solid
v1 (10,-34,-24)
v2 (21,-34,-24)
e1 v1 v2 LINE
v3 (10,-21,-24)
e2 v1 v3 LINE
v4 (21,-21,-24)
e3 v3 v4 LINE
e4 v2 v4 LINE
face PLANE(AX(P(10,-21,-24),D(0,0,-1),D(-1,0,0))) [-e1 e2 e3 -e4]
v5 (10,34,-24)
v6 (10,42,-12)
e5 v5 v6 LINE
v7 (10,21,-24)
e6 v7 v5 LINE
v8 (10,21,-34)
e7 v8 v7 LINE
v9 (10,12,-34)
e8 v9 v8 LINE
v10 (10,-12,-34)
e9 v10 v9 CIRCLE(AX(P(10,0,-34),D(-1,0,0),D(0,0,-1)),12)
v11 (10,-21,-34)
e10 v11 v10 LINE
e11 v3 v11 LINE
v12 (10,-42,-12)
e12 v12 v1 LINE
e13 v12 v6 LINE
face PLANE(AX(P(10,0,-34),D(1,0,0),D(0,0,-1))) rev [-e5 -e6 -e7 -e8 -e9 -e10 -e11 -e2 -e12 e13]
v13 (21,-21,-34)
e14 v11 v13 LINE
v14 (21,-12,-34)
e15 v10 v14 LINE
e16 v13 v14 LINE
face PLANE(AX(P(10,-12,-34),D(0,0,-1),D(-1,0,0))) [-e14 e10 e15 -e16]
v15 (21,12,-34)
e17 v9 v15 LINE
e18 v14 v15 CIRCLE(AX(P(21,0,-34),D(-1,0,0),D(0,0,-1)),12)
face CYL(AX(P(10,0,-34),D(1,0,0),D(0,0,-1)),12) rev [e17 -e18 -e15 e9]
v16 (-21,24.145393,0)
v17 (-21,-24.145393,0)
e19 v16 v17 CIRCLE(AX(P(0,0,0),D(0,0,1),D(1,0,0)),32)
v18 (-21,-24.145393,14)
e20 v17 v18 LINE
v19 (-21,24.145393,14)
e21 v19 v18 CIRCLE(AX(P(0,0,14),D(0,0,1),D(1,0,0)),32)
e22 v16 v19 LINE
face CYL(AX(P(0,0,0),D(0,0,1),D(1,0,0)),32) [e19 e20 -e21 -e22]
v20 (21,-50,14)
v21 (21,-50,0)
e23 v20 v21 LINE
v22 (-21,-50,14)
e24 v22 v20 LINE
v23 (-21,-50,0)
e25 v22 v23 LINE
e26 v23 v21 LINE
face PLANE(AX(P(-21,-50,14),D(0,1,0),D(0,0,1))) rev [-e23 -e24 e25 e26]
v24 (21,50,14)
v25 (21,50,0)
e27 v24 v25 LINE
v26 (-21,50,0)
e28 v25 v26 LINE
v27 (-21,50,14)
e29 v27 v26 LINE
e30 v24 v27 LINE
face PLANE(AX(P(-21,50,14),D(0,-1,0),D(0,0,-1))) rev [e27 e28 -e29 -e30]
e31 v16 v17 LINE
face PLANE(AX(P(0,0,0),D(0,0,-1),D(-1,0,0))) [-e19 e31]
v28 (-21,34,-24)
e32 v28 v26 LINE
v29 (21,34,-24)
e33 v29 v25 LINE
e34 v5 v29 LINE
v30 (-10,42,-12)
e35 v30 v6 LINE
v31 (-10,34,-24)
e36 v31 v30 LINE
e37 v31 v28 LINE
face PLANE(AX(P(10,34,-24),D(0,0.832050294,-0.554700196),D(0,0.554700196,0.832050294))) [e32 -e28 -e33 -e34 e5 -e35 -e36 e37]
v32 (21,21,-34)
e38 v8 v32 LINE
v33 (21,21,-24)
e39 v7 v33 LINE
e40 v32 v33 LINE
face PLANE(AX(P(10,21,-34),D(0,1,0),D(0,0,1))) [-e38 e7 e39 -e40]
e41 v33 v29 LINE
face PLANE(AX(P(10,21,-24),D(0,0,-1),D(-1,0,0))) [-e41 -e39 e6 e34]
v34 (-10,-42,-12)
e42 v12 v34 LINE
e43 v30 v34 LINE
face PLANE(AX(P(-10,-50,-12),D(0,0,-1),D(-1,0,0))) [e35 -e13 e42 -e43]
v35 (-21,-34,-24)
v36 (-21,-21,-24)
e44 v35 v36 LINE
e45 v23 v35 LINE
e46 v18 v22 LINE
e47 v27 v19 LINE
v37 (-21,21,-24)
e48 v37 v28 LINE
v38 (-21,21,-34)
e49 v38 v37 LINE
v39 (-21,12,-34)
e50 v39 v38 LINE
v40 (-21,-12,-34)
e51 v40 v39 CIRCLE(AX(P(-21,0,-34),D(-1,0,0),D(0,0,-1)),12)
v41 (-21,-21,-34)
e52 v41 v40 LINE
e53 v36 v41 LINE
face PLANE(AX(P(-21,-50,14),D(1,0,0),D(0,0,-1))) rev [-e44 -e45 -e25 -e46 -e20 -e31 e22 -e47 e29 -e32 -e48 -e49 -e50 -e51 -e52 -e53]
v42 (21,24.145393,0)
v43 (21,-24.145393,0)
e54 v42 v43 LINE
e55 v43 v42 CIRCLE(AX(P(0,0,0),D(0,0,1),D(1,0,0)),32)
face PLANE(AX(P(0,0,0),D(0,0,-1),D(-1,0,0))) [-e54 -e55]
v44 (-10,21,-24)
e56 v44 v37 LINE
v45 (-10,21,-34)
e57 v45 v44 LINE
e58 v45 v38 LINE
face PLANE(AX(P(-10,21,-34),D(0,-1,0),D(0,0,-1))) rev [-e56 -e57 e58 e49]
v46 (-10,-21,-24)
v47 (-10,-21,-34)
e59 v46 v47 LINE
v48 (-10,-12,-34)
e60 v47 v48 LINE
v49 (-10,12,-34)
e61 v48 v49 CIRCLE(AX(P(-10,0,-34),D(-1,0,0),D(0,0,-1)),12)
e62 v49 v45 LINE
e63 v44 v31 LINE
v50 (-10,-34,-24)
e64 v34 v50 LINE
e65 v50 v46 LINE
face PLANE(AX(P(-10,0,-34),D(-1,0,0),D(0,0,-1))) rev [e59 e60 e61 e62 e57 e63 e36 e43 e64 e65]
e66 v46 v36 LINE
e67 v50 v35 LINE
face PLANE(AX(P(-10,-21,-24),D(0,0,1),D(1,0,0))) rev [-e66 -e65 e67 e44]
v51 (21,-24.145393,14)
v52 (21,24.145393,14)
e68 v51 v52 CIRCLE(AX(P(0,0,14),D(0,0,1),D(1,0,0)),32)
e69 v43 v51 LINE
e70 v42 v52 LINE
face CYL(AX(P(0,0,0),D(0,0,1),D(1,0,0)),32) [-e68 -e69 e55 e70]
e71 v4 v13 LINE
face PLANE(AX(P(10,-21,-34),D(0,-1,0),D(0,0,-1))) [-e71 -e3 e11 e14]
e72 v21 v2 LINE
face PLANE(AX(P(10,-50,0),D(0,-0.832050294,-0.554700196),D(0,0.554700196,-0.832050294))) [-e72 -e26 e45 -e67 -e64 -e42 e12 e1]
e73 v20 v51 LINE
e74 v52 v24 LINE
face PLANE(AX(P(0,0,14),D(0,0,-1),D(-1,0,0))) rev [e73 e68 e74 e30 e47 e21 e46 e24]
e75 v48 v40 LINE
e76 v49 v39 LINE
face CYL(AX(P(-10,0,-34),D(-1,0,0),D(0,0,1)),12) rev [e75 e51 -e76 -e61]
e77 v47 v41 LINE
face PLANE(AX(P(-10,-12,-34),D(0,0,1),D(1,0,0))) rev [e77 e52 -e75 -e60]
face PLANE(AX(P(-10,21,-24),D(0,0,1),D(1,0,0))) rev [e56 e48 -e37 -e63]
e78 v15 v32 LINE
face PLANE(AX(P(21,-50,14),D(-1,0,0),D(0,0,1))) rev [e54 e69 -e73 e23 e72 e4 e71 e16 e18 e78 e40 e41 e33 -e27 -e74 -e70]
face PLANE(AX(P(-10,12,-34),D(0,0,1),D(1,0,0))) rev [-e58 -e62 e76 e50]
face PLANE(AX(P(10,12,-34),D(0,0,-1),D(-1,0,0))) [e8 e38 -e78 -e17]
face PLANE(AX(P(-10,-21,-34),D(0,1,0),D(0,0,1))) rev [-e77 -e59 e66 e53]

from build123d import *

# Parameters (mm, degrees)
SKETCH1_W           = 42
SKETCH1_H           = 100
BOSS_EXTRUDE2_DEPTH = 14
BOSS_EXTRUDE3_DEPTH = 14
BOSS_EXTRUDE4_DEPTH = 11
SKETCH11_W          = 20
SKETCH11_H          = 12
BOSS_EXTRUDE5_DEPTH = 100
CUT_EXTRUDE1_DEPTH  = 74.620649277


with BuildPart() as part:
    # Sketch1 → Boss-Extrude2 (new body)
    with BuildSketch(Plane.XY):
        Rectangle(SKETCH1_W, SKETCH1_H)
    extrude(amount=BOSS_EXTRUDE2_DEPTH)

    # Sketch3 → Boss-Extrude3 (add)
    with BuildSketch(Plane.XY.offset(14)):
        with BuildLine():
            Line((-21, 24.145392935), (-21, -24.145392935))
            ThreePointArc((-21, -24.145392935), (-32, 0), (-21, 24.145392935))
        make_face()
        with BuildLine():
            Line((21, 24.145392935), (21, -24.145392935))
            ThreePointArc((21, -24.145392935), (32, 0), (21, 24.145392935))
        make_face()
    extrude(amount=-BOSS_EXTRUDE3_DEPTH)

    # Sketch4 → Boss-Extrude4 (add)
    with BuildSketch(Plane(origin=(21, 0, 0), x_dir=(0, 0, -1), z_dir=(1, 0, 0))):
        with BuildLine():
            Line((34, 12), (34, 21))
            Line((34, 21), (24, 21))
            Line((24, 21), (24, 34))
            Line((24, 34), (0, 50))
            Line((0, 50), (0, -50))
            Line((0, -50), (24, -34))
            Line((24, -34), (24, -21))
            Line((24, -21), (34, -21))
            Line((34, -21), (34, -12))
            ThreePointArc((34, -12), (22, 0), (34, 12))
        make_face()
    boss_extrude4 = extrude(amount=-BOSS_EXTRUDE4_DEPTH)

    # Mirror1: Boss-Extrude4 across plane
    add(boss_extrude4.mirror(Plane(origin=(0, 0, 0), x_dir=(0, 0, 1), z_dir=(1, 0, 0))))

    # Sketch11 → Boss-Extrude5 (add, through all)
    with BuildSketch(Plane(origin=(0, 50, 0), x_dir=(1, 0, 0), z_dir=(0, 1, 0))):
        with Locations((0, 6)):
            Rectangle(SKETCH11_W, SKETCH11_H)
    extrude(amount=-BOSS_EXTRUDE5_DEPTH)

    # Sketch12 → Cut-Extrude1 (cut, through all)
    with BuildSketch(Plane(origin=(10, 0, 0), x_dir=(0, 0, -1), z_dir=(1, 0, 0))):
        Polygon((0, 50), (12, 42), (12, 50), align=None)
    cut_extrude1 = extrude(amount=-CUT_EXTRUDE1_DEPTH, mode=Mode.SUBTRACT)

    # Mirror2: Cut-Extrude1 across plane
    add(cut_extrude1.mirror(Plane.ZX), mode=Mode.SUBTRACT)


solid = part.part
